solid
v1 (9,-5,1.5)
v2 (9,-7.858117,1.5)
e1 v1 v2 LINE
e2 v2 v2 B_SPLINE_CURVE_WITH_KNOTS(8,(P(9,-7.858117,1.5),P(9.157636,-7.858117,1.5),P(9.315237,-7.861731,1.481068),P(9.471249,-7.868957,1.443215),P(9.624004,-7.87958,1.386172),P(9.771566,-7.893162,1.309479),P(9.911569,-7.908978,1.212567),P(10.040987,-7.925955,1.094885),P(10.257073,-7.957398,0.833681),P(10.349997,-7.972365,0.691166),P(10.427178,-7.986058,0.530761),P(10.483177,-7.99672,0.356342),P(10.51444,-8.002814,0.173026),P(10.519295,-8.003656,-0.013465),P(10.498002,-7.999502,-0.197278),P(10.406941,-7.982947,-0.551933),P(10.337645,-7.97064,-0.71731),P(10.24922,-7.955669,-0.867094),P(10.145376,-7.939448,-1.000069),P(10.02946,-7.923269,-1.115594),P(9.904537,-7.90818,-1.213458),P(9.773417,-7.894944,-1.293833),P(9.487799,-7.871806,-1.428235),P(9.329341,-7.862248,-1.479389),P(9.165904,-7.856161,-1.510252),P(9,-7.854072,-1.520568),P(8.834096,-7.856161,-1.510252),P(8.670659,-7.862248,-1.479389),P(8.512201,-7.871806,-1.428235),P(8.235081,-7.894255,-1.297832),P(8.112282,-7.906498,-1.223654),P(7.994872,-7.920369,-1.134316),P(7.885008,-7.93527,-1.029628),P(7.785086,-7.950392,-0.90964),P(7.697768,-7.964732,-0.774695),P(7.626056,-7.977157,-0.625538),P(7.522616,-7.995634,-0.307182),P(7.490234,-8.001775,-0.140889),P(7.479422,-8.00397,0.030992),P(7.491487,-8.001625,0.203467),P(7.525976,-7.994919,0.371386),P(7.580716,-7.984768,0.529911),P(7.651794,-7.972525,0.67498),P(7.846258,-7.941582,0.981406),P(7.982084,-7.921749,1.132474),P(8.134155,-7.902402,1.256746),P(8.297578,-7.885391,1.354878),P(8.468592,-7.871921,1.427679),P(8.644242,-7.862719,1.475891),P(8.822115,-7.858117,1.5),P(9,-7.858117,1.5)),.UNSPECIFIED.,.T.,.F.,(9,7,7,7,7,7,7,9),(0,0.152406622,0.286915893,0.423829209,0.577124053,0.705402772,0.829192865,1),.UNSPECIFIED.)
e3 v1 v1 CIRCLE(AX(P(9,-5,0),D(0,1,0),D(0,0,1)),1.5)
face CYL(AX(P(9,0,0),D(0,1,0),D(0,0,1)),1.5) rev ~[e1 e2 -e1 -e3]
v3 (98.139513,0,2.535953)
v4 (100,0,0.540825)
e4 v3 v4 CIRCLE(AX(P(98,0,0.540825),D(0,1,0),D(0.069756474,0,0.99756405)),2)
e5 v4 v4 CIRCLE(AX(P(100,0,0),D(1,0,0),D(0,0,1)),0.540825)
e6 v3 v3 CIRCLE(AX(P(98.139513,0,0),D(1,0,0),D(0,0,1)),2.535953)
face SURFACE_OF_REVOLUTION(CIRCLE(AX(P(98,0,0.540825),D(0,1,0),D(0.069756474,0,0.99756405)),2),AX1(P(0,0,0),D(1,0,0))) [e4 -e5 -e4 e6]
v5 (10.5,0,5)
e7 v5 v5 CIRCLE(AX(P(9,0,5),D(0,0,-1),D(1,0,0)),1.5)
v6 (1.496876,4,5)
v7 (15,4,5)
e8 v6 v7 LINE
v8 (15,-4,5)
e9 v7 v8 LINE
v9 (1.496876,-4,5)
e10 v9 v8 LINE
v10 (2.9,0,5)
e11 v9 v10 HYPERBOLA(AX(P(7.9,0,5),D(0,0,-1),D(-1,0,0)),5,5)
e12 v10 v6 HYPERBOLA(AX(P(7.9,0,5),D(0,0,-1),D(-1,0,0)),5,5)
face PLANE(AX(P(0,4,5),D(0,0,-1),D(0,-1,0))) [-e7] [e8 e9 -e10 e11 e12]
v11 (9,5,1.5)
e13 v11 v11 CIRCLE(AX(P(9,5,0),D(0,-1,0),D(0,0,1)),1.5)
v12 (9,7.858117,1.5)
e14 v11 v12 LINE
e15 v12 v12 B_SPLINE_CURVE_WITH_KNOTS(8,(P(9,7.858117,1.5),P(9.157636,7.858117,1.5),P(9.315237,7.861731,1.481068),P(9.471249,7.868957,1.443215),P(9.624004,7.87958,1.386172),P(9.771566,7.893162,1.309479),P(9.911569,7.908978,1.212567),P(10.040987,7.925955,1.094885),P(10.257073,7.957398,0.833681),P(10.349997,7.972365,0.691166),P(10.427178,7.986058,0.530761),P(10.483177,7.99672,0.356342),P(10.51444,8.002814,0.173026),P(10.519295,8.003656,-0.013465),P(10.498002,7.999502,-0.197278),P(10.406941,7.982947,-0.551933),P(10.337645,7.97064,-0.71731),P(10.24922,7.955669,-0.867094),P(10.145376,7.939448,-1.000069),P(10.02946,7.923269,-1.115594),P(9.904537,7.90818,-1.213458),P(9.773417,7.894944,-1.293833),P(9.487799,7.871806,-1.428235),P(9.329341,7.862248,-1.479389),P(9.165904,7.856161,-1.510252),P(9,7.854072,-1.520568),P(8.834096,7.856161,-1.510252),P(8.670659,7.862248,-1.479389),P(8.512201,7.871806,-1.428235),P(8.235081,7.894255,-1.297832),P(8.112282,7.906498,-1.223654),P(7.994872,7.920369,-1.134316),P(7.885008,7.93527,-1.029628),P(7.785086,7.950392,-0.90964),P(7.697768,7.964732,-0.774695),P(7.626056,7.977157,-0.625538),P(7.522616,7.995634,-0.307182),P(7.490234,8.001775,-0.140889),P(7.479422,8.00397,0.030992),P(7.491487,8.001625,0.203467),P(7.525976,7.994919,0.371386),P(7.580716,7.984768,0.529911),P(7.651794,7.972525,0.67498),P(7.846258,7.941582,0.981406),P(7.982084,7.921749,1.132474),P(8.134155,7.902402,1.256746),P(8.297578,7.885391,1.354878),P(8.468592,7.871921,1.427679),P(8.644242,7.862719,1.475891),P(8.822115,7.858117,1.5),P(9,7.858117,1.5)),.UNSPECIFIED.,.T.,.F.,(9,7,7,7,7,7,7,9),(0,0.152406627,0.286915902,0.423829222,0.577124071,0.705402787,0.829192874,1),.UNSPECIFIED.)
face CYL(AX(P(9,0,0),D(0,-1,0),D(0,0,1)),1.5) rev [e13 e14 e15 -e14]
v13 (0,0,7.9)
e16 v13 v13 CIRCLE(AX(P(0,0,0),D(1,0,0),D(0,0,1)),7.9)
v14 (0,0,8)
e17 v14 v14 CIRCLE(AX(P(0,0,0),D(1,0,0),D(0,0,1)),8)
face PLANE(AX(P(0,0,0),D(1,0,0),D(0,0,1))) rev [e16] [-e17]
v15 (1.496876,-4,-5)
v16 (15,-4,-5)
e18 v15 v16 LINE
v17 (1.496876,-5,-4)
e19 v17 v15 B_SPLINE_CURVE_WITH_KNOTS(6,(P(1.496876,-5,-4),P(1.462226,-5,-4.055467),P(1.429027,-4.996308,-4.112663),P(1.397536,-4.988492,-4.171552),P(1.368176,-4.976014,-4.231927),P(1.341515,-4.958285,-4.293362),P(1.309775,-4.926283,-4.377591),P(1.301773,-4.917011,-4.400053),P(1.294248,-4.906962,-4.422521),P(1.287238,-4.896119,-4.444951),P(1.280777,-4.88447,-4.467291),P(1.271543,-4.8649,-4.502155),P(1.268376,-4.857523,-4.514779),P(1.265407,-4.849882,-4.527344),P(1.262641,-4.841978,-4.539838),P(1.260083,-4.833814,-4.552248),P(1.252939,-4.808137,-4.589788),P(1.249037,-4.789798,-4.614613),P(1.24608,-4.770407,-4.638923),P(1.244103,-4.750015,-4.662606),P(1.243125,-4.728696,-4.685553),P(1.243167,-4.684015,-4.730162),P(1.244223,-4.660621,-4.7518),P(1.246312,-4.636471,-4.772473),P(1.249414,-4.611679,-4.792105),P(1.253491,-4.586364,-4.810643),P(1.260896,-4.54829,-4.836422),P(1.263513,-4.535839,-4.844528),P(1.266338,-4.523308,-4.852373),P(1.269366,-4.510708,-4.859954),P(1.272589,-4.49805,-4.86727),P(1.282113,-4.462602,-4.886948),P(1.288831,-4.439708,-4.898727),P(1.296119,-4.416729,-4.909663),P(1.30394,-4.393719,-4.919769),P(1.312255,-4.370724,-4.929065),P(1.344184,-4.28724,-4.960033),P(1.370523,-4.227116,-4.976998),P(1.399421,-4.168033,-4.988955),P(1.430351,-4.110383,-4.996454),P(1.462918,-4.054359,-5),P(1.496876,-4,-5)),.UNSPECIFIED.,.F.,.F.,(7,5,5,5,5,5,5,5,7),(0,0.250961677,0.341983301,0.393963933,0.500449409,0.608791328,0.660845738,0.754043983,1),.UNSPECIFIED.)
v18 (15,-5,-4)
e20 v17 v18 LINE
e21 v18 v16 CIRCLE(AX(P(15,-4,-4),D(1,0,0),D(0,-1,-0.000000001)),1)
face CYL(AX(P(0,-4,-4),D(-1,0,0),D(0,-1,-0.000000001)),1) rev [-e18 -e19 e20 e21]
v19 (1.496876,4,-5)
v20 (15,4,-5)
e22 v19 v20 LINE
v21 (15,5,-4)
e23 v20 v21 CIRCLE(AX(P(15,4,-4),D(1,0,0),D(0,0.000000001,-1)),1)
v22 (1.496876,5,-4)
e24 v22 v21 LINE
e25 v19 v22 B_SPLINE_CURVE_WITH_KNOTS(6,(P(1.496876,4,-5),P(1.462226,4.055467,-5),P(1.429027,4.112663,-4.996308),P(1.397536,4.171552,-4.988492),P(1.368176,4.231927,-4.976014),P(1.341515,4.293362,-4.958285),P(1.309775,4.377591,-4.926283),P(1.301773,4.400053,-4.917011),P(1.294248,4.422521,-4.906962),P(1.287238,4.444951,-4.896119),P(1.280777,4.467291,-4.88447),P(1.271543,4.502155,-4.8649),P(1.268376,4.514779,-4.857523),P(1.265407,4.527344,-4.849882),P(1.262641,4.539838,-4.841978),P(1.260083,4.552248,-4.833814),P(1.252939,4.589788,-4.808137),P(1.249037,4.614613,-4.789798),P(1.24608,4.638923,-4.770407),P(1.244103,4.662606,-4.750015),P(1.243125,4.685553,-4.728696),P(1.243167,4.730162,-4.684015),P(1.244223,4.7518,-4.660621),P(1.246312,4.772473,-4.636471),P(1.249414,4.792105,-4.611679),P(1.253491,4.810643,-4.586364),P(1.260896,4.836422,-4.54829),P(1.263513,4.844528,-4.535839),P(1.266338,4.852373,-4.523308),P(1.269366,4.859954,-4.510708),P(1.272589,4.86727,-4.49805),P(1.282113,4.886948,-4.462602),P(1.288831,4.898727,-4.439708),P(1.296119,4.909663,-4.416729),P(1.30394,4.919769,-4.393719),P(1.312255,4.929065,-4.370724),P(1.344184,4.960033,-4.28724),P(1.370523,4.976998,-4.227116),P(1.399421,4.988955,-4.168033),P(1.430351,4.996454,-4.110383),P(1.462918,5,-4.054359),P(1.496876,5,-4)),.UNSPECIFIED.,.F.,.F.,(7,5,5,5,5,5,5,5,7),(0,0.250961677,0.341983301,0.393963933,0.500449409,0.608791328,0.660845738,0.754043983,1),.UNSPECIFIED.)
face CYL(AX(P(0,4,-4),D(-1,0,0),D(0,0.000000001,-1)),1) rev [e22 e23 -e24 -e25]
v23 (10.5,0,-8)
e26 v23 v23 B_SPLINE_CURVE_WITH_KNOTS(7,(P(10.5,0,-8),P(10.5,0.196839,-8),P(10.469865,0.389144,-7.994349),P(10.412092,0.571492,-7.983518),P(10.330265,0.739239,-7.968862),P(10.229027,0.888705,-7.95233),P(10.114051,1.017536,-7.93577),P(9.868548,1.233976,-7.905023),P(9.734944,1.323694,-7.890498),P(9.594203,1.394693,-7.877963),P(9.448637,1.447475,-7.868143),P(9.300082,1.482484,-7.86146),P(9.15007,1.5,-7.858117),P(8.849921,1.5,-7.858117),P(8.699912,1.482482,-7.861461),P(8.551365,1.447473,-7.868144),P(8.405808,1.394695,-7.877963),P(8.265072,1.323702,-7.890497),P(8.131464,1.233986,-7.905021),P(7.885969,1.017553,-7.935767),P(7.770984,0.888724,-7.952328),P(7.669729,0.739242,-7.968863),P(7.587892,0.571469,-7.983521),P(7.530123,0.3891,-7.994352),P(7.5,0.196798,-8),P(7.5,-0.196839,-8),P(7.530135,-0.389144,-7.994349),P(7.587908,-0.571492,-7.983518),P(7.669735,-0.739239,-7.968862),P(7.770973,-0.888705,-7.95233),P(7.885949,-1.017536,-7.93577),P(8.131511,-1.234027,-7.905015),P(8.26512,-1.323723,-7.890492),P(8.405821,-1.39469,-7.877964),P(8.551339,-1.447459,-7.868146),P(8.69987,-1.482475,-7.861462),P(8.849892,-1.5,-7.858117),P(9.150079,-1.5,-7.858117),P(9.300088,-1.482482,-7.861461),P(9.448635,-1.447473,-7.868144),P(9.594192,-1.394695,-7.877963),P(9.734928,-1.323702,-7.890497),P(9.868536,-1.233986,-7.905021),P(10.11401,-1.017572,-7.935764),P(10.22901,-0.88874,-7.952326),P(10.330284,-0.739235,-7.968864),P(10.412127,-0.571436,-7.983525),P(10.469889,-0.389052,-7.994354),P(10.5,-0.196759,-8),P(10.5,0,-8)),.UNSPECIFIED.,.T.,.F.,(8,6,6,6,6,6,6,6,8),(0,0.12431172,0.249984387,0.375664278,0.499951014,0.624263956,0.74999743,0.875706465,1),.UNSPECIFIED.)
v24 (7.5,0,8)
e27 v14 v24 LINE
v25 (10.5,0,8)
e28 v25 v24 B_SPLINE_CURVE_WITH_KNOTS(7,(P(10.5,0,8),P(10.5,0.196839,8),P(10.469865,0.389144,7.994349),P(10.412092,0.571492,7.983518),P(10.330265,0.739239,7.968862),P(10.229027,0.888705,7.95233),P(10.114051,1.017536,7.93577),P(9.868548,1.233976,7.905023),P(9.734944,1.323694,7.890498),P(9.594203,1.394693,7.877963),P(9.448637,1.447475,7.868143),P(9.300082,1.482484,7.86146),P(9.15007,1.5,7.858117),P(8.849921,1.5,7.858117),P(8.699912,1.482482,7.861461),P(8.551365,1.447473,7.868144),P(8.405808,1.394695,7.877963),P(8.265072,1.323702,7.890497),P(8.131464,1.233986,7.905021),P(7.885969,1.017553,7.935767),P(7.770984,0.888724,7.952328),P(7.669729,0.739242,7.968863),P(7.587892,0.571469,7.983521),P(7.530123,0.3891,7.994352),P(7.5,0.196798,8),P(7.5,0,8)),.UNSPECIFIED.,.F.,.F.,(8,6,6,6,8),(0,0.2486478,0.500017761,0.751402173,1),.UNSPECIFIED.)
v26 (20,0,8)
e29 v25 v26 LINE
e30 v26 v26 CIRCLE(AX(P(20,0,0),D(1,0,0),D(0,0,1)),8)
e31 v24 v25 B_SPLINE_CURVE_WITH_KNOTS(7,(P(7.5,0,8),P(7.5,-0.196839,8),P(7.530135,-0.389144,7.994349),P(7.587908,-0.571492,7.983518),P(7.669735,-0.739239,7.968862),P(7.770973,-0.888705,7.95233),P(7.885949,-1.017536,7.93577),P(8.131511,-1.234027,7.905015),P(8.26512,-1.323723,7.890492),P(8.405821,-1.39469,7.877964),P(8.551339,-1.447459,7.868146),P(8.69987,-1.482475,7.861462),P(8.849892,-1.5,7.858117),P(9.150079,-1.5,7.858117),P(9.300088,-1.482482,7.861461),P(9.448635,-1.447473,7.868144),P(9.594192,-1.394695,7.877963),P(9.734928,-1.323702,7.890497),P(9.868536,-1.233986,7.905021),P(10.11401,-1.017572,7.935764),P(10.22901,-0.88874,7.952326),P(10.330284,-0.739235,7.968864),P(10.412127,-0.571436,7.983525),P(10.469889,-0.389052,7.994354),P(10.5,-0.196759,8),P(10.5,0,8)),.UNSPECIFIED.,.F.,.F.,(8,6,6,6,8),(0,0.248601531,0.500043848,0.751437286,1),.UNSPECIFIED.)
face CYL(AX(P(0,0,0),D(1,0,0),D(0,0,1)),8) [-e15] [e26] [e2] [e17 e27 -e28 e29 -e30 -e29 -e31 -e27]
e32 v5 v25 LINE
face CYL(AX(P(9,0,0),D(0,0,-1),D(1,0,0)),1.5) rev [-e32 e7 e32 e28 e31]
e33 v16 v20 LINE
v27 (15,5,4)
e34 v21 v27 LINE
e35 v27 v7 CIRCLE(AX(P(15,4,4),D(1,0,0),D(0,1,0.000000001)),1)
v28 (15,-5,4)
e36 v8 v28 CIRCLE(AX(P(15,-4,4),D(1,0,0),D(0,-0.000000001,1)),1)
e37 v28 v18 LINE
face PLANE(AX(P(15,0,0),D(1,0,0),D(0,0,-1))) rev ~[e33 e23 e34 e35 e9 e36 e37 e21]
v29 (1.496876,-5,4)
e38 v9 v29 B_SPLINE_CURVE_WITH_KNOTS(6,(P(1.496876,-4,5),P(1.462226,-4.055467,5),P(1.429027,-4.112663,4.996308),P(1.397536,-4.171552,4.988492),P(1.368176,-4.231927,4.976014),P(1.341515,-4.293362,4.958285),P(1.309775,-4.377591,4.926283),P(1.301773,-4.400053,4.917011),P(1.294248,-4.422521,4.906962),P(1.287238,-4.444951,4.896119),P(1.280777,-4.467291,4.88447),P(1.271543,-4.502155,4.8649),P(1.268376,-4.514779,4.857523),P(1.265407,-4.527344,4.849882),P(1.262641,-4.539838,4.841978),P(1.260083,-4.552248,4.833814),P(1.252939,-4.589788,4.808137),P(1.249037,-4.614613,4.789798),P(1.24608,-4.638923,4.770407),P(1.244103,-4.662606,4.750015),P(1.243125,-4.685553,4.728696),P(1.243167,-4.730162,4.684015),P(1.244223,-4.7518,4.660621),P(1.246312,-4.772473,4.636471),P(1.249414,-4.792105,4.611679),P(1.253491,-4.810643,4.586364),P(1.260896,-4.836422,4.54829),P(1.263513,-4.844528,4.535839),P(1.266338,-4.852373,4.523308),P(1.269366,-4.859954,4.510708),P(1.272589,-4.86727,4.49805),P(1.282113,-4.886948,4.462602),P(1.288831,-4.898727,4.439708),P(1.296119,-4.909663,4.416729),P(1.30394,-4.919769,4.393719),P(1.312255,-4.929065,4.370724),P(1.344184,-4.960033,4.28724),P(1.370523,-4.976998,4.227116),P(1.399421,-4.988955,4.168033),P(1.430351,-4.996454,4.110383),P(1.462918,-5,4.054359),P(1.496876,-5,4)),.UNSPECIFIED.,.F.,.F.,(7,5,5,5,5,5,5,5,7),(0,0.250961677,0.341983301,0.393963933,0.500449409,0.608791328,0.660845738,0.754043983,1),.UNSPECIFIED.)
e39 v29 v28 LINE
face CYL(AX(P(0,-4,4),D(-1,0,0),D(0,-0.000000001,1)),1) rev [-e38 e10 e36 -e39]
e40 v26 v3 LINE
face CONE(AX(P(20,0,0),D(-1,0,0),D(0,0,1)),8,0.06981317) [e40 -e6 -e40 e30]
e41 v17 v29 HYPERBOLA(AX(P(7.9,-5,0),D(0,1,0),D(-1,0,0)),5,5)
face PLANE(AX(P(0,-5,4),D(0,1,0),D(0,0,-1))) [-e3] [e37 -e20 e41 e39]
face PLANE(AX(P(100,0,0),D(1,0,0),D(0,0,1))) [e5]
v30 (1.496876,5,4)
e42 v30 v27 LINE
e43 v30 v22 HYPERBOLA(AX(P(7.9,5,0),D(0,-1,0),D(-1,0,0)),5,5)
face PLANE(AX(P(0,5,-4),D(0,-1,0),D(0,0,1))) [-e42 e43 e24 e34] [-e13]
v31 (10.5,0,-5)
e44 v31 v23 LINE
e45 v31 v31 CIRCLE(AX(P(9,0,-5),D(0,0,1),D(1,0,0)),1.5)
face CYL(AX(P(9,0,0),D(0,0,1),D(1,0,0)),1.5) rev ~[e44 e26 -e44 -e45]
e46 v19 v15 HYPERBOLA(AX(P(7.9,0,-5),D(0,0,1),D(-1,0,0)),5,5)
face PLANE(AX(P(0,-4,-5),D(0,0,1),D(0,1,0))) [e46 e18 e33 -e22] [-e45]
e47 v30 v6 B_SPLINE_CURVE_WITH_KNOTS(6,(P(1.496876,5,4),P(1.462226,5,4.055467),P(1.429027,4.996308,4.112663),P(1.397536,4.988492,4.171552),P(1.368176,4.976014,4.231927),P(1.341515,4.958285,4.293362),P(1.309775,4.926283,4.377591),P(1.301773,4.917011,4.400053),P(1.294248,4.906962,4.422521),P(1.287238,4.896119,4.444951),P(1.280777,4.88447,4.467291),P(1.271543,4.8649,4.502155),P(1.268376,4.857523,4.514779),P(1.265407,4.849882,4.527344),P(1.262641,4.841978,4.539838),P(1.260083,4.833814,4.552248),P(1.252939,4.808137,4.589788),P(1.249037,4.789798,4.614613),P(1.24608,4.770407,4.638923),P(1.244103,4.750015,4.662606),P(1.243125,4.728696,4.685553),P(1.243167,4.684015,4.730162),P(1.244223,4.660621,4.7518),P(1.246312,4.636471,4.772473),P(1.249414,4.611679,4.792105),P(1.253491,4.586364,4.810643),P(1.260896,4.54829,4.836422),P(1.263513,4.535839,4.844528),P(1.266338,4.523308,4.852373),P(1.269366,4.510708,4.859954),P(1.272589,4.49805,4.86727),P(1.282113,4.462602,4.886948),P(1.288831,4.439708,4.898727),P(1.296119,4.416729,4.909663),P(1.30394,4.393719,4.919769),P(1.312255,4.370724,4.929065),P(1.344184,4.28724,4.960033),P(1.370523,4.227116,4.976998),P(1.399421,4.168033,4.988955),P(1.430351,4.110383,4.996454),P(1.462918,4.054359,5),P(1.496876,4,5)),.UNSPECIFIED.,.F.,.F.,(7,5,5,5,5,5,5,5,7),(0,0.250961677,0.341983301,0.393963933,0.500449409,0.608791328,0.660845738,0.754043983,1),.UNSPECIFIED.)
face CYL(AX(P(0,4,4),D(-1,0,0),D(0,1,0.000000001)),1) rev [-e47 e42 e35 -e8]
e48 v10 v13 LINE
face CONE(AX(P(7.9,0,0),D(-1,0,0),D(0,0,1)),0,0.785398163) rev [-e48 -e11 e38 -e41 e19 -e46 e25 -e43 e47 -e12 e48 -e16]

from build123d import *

# Parameters (mm, degrees)
ENL_V_MAT_EXTRU_1_DEPTH      = 15
ESQUISSE3_R                  = 1.5
ENL_V_MAT_EXTRU_2_DEPTH      = 9
ENL_V_MAT_EXTRU_2_DEPTH_BACK = 9
ESQUISSE4_R                  = 1.5
ENL_V_MAT_EXTRU_3_DEPTH      = 9.0000001
ENL_V_MAT_EXTRU_3_DEPTH_BACK = 9.0000001


with BuildPart() as part:
    # Esquisse1 → Révolution1 (revolve)
    with BuildSketch(Plane.XY, mode=Mode.PRIVATE) as r_volution1_sk:
        with BuildLine():
            Line((7.9, 0), (0, 7.9))
            Line((0, 7.9), (0, 8))
            Line((0, 8), (20, 8))
            Line((20, 8), (98.139512947, 2.535952973))
            ThreePointArc((98.139512947, 2.535952973), (99.462707403, 1.904821592), (100, 0.540824872))
            Line((100, 0.540824872), (100, 0))
            Line((100, 0), (7.9, 0))
        make_face()
    revolve(r_volution1_sk.sketch.rotate(Axis((0, 0, 0), (1, 0, 0)), 90), axis=Axis((0, 0, 0), (1, 0, 0)))  # turned: the seam where the file's is

    # Esquisse2 → Enlèv. mat.-Extru.1 (cut)
    with BuildSketch(Plane(origin=(0, 0, 0), x_dir=(0, 0, -1), z_dir=(1, 0, 0))):
        with BuildLine():
            Line((4, 5), (-4, 5))
            ThreePointArc((-4, 5), (-4.707106781, 4.707106781), (-5, 4))
            Line((-5, 4), (-5, -4))
            ThreePointArc((-5, -4), (-4.707106781, -4.707106781), (-4, -5))
            Line((-4, -5), (4, -5))
            ThreePointArc((4, -5), (4.707106781, -4.707106781), (5, -4))
            Line((5, -4), (5, 4))
            ThreePointArc((5, 4), (4.707106781, 4.707106781), (4, 5))
        make_face()
    extrude(amount=ENL_V_MAT_EXTRU_1_DEPTH, mode=Mode.SUBTRACT)

    # Esquisse3 → Enlèv. mat.-Extru.2 (cut, two sides)
    with BuildSketch(Plane(origin=(0, 0, 0), x_dir=(1, 0, 0), z_dir=(0, 1, 0))) as enl_v_mat_extru_2_sk:
        with Locations(Location((9, 0, 0), (0, 0, 270))):  # turned: the seam where the file's is
            Circle(ESQUISSE3_R)
    extrude(amount=ENL_V_MAT_EXTRU_2_DEPTH, mode=Mode.SUBTRACT)
    extrude(enl_v_mat_extru_2_sk.sketch, amount=-ENL_V_MAT_EXTRU_2_DEPTH_BACK, mode=Mode.SUBTRACT)

    # Esquisse4 → Enlèv. mat.-Extru.3 (cut, two sides)
    with BuildSketch(Plane.XY) as enl_v_mat_extru_3_sk:
        with Locations((9, 0)):
            Circle(ESQUISSE4_R)
    extrude(amount=ENL_V_MAT_EXTRU_3_DEPTH, mode=Mode.SUBTRACT)
    extrude(enl_v_mat_extru_3_sk.sketch, amount=-ENL_V_MAT_EXTRU_3_DEPTH_BACK, mode=Mode.SUBTRACT)


solid = part.part
